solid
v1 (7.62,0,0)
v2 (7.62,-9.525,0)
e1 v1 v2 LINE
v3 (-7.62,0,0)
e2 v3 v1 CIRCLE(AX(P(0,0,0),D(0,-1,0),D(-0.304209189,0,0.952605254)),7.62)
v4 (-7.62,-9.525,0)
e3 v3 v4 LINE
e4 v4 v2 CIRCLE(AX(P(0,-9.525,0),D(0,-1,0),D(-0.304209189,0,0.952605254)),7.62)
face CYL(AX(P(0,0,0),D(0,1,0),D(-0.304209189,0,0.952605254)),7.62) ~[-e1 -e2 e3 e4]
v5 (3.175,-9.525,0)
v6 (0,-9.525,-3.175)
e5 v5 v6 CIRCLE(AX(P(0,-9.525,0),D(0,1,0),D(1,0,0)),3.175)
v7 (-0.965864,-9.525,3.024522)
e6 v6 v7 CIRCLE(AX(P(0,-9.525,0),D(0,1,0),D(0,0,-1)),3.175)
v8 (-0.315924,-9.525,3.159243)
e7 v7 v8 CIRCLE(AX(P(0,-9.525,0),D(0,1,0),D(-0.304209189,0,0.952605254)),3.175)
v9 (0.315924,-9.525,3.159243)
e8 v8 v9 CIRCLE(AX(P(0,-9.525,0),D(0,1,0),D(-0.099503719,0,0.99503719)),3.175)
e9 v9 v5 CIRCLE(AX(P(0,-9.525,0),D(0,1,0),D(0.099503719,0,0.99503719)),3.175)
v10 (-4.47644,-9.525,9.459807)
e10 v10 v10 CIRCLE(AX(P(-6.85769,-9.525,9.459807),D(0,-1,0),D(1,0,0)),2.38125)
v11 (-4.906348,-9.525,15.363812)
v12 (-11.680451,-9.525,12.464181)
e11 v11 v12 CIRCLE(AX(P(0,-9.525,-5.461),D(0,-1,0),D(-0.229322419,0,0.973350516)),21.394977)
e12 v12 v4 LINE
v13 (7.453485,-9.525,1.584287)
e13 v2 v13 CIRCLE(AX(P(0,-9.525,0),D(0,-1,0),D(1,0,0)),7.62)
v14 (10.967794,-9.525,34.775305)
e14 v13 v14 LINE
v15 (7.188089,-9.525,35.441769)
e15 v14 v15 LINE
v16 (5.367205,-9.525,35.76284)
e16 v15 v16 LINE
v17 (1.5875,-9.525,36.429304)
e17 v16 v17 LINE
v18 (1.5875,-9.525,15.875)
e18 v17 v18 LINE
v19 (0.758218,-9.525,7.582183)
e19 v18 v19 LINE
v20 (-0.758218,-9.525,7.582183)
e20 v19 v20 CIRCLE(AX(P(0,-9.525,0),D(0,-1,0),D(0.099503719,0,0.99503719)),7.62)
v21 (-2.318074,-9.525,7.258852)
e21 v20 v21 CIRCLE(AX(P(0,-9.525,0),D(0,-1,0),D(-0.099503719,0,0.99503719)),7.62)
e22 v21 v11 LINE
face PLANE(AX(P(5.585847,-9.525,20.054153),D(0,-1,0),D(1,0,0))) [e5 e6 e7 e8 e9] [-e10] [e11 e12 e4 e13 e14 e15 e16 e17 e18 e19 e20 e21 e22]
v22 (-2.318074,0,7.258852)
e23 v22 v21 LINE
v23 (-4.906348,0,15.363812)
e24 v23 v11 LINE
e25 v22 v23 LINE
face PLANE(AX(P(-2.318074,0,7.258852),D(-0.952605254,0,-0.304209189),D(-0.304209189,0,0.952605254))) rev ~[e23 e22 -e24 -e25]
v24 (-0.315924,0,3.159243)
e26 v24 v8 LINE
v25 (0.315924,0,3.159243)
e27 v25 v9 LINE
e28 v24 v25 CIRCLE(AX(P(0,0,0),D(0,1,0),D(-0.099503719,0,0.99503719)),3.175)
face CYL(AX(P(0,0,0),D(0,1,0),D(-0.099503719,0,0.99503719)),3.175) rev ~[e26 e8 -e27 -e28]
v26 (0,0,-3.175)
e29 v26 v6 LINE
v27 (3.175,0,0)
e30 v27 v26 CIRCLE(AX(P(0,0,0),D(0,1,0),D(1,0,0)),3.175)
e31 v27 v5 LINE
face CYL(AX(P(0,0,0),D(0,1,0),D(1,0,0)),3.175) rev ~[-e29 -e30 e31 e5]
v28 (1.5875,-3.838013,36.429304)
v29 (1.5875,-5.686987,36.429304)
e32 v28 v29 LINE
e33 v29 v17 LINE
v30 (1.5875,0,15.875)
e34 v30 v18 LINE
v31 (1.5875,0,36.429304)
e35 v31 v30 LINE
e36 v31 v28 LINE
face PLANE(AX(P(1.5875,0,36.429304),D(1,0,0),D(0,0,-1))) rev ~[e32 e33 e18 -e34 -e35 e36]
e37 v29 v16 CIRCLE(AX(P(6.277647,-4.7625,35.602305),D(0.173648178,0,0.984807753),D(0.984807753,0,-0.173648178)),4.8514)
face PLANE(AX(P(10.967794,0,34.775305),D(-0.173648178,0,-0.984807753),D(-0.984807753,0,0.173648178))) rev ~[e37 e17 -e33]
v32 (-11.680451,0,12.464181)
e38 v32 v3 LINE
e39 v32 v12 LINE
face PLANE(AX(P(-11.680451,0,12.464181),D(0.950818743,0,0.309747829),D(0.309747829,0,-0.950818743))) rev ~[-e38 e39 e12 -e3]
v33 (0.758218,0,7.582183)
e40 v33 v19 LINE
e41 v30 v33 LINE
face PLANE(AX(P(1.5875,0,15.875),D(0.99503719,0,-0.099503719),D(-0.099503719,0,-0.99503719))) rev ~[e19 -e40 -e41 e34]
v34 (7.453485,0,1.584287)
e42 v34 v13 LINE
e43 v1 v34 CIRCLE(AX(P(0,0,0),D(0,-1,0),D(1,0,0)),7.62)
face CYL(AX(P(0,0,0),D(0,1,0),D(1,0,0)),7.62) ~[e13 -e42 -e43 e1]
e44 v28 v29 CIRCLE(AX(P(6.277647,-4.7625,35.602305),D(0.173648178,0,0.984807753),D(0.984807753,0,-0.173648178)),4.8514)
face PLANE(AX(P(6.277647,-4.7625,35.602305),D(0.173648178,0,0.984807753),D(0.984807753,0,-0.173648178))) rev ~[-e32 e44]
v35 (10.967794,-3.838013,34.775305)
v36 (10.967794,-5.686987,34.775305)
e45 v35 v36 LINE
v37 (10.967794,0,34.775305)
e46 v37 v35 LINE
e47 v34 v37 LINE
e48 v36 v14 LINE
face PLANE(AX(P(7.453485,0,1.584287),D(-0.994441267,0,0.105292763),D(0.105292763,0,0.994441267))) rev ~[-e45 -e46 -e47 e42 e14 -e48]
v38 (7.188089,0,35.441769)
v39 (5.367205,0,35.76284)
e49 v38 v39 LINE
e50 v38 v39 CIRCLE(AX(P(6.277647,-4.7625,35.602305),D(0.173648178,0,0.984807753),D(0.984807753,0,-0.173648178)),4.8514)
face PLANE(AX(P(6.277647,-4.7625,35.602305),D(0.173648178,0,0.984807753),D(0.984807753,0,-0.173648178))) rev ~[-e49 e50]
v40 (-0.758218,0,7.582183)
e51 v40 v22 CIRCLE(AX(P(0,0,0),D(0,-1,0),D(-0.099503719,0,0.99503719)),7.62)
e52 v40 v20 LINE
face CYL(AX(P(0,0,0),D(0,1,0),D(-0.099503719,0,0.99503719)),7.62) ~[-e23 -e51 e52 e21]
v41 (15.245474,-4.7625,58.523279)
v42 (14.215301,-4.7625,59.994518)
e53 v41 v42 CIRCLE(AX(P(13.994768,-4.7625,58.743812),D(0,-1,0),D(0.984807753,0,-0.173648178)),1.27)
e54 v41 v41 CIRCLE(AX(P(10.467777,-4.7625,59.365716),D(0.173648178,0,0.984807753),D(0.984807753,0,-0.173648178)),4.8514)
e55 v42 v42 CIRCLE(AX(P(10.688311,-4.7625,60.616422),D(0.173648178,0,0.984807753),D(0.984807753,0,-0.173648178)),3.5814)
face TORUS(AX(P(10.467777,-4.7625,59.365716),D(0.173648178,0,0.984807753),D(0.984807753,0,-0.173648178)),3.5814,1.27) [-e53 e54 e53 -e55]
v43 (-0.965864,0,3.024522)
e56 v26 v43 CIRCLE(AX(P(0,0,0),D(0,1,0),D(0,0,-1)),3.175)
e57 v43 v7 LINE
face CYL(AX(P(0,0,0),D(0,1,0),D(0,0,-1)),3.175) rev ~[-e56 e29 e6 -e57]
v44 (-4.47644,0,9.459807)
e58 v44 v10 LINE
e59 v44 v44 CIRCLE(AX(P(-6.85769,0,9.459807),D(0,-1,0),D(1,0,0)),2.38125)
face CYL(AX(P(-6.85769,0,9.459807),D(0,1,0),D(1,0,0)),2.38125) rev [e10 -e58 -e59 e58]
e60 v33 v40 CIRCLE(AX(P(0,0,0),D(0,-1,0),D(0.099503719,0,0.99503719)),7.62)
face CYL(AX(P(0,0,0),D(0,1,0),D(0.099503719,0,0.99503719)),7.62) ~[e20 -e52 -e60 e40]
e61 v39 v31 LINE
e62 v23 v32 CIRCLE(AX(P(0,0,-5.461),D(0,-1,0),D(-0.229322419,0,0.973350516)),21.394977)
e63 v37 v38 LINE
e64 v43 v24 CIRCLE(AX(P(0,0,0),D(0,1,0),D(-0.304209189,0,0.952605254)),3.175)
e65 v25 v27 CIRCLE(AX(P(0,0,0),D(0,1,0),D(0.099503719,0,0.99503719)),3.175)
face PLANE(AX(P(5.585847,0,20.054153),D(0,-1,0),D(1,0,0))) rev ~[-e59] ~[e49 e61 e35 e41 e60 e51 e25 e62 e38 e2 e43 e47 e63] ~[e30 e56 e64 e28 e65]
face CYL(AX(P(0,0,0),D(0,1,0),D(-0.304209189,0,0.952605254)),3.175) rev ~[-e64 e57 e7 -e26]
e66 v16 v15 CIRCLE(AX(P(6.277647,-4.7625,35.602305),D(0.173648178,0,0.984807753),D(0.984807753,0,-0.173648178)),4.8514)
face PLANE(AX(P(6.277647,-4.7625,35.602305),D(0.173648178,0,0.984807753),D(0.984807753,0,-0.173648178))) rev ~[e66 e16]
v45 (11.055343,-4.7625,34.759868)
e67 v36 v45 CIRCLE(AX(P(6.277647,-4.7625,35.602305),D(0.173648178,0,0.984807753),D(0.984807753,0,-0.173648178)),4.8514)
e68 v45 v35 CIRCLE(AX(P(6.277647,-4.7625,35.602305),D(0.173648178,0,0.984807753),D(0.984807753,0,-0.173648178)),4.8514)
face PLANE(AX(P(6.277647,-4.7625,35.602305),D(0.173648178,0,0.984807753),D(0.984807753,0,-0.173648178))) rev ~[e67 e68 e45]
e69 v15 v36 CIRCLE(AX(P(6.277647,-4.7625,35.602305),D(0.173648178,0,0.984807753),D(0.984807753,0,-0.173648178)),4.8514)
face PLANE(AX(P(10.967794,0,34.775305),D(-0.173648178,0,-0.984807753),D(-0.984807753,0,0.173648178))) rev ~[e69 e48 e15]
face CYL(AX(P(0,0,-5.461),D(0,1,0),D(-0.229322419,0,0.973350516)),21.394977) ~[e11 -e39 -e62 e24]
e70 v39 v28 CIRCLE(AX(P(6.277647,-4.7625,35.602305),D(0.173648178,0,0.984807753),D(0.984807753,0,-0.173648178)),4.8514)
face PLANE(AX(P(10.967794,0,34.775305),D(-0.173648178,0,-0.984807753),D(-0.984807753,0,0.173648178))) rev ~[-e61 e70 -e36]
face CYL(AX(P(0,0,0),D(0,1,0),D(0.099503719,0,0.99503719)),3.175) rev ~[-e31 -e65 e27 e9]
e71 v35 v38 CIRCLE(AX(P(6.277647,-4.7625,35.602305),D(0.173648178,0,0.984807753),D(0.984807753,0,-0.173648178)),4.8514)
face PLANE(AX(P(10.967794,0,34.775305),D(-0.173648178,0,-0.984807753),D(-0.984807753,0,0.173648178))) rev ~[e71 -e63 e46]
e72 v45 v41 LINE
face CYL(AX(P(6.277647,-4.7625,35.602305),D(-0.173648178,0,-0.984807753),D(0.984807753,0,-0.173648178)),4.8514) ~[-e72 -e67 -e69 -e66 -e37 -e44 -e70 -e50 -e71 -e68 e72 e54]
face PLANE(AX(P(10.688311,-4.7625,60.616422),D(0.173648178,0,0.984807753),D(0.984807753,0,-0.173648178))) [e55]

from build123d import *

# Parameters (mm, degrees)
F0_R     = 2.38125
F1_DEPTH = 9.525
F2_R     = 4.8514
F3_DEPTH = 25.4
F4_R     = 1.27
F5_DEPTH = 9.652


with BuildPart() as f1:
    # F0 (on Front) → F1 (new body)
    with BuildSketch(Plane.XZ):
        with BuildLine():
            Line((1.5875, 15.875), (0.7582183389, 7.5821833894))
            ThreePointArc((0.7582183389, 7.5821833894), (5.0844573747, 5.6756227152), (7.4534847176, 1.584287084))
            Line((7.4534847176, 1.584287084), (10.9677938474, 34.7753054223))
            Line((10.9677938474, 34.7753054223), (1.5875, 36.4293043146))
            Line((1.5875, 36.4293043146), (1.5875, 15.875))
        make_face()
        with BuildLine():
            ThreePointArc((0.3159243079, 3.1592430789), (2.354111794, 2.1304418934), (3.175, 0))
            ThreePointArc((3.175, 0), (2.2450640303, -2.2450640303), (0, -3.175))
            ThreePointArc((0, -3.175), (-3.1371548684, -0.4887579481), (-0.965864174, 3.0245216808))
            Line((-0.965864174, 3.0245216808), (-2.3180740176, 7.2588520338))
            ThreePointArc((-2.3180740176, 7.2588520338), (-6.1533780972, 4.4944786119), (-7.62, 0))
            ThreePointArc((-7.62, 0), (0, -7.62), (7.62, 0))
            ThreePointArc((7.62, 0), (7.5782568427, 0.7965068901), (7.4534847176, 1.584287084))
            ThreePointArc((7.4534847176, 1.584287084), (5.0844573747, 5.6756227152), (0.7582183389, 7.5821833894))
            Line((0.7582183389, 7.5821833894), (0.3159243079, 3.1592430789))
        make_face()
        with BuildLine():
            ThreePointArc((-0.3159243079, 3.1592430789), (0, 3.175), (0.3159243079, 3.1592430789))
            Line((0.3159243079, 3.1592430789), (0.7582183389, 7.5821833894))
            ThreePointArc((0.7582183389, 7.5821833894), (0, 7.62), (-0.7582183389, 7.5821833894))
            Line((-0.7582183389, 7.5821833894), (-0.3159243079, 3.1592430789))
        make_face()
        with BuildLine():
            ThreePointArc((-0.965864174, 3.0245216808), (-0.6444244656, 3.1089133324), (-0.3159243079, 3.1592430789))
            Line((-0.3159243079, 3.1592430789), (-0.7582183389, 7.5821833894))
            ThreePointArc((-0.7582183389, 7.5821833894), (-1.5466187175, 7.4613919977), (-2.3180740176, 7.2588520338))
            Line((-2.3180740176, 7.2588520338), (-0.965864174, 3.0245216808))
        make_face()
        with BuildLine():
            ThreePointArc((-7.62, 0), (-6.1533780972, 4.4944786119), (-2.3180740176, 7.2588520338))
            Line((-2.3180740176, 7.2588520338), (-4.9063479519, 15.3638121726))
            ThreePointArc((-4.9063479519, 15.3638121726), (-8.4191710316, 14.2078233352), (-11.6804510943, 12.4641810168))
            Line((-11.6804510943, 12.4641810168), (-7.62, 0))
        make_face()
        with Locations((-6.8576899833, 9.4598067682)):
            Circle(F0_R, mode=Mode.SUBTRACT)
    extrude(amount=F1_DEPTH)

    # F2 (on face) → F3 (join)
    with BuildSketch(Plane(origin=(6.2776469237, 0, 35.6023048685), x_dir=(0.984807753, 0, -0.1736481777), z_dir=(0.1736481777, 0, 0.984807753))):
        with Locations((0, -4.7625)):
            Circle(F2_R)
    extrude(amount=F3_DEPTH)

    # F4
    f4_edges = [f1.edges().sort_by_distance(p)[0] for p in [
        (5.910614, -4.7625, 61.458859),
    ]]
    fillet(f4_edges, radius=F4_R)

    # F0 (on Front) → F5 (cut)
    with BuildSketch(Plane.XZ):
        with Locations((-6.8576899833, 9.4598067682)):
            Circle(F0_R)
    extrude(amount=-F5_DEPTH, mode=Mode.SUBTRACT)


solid = f1.part
